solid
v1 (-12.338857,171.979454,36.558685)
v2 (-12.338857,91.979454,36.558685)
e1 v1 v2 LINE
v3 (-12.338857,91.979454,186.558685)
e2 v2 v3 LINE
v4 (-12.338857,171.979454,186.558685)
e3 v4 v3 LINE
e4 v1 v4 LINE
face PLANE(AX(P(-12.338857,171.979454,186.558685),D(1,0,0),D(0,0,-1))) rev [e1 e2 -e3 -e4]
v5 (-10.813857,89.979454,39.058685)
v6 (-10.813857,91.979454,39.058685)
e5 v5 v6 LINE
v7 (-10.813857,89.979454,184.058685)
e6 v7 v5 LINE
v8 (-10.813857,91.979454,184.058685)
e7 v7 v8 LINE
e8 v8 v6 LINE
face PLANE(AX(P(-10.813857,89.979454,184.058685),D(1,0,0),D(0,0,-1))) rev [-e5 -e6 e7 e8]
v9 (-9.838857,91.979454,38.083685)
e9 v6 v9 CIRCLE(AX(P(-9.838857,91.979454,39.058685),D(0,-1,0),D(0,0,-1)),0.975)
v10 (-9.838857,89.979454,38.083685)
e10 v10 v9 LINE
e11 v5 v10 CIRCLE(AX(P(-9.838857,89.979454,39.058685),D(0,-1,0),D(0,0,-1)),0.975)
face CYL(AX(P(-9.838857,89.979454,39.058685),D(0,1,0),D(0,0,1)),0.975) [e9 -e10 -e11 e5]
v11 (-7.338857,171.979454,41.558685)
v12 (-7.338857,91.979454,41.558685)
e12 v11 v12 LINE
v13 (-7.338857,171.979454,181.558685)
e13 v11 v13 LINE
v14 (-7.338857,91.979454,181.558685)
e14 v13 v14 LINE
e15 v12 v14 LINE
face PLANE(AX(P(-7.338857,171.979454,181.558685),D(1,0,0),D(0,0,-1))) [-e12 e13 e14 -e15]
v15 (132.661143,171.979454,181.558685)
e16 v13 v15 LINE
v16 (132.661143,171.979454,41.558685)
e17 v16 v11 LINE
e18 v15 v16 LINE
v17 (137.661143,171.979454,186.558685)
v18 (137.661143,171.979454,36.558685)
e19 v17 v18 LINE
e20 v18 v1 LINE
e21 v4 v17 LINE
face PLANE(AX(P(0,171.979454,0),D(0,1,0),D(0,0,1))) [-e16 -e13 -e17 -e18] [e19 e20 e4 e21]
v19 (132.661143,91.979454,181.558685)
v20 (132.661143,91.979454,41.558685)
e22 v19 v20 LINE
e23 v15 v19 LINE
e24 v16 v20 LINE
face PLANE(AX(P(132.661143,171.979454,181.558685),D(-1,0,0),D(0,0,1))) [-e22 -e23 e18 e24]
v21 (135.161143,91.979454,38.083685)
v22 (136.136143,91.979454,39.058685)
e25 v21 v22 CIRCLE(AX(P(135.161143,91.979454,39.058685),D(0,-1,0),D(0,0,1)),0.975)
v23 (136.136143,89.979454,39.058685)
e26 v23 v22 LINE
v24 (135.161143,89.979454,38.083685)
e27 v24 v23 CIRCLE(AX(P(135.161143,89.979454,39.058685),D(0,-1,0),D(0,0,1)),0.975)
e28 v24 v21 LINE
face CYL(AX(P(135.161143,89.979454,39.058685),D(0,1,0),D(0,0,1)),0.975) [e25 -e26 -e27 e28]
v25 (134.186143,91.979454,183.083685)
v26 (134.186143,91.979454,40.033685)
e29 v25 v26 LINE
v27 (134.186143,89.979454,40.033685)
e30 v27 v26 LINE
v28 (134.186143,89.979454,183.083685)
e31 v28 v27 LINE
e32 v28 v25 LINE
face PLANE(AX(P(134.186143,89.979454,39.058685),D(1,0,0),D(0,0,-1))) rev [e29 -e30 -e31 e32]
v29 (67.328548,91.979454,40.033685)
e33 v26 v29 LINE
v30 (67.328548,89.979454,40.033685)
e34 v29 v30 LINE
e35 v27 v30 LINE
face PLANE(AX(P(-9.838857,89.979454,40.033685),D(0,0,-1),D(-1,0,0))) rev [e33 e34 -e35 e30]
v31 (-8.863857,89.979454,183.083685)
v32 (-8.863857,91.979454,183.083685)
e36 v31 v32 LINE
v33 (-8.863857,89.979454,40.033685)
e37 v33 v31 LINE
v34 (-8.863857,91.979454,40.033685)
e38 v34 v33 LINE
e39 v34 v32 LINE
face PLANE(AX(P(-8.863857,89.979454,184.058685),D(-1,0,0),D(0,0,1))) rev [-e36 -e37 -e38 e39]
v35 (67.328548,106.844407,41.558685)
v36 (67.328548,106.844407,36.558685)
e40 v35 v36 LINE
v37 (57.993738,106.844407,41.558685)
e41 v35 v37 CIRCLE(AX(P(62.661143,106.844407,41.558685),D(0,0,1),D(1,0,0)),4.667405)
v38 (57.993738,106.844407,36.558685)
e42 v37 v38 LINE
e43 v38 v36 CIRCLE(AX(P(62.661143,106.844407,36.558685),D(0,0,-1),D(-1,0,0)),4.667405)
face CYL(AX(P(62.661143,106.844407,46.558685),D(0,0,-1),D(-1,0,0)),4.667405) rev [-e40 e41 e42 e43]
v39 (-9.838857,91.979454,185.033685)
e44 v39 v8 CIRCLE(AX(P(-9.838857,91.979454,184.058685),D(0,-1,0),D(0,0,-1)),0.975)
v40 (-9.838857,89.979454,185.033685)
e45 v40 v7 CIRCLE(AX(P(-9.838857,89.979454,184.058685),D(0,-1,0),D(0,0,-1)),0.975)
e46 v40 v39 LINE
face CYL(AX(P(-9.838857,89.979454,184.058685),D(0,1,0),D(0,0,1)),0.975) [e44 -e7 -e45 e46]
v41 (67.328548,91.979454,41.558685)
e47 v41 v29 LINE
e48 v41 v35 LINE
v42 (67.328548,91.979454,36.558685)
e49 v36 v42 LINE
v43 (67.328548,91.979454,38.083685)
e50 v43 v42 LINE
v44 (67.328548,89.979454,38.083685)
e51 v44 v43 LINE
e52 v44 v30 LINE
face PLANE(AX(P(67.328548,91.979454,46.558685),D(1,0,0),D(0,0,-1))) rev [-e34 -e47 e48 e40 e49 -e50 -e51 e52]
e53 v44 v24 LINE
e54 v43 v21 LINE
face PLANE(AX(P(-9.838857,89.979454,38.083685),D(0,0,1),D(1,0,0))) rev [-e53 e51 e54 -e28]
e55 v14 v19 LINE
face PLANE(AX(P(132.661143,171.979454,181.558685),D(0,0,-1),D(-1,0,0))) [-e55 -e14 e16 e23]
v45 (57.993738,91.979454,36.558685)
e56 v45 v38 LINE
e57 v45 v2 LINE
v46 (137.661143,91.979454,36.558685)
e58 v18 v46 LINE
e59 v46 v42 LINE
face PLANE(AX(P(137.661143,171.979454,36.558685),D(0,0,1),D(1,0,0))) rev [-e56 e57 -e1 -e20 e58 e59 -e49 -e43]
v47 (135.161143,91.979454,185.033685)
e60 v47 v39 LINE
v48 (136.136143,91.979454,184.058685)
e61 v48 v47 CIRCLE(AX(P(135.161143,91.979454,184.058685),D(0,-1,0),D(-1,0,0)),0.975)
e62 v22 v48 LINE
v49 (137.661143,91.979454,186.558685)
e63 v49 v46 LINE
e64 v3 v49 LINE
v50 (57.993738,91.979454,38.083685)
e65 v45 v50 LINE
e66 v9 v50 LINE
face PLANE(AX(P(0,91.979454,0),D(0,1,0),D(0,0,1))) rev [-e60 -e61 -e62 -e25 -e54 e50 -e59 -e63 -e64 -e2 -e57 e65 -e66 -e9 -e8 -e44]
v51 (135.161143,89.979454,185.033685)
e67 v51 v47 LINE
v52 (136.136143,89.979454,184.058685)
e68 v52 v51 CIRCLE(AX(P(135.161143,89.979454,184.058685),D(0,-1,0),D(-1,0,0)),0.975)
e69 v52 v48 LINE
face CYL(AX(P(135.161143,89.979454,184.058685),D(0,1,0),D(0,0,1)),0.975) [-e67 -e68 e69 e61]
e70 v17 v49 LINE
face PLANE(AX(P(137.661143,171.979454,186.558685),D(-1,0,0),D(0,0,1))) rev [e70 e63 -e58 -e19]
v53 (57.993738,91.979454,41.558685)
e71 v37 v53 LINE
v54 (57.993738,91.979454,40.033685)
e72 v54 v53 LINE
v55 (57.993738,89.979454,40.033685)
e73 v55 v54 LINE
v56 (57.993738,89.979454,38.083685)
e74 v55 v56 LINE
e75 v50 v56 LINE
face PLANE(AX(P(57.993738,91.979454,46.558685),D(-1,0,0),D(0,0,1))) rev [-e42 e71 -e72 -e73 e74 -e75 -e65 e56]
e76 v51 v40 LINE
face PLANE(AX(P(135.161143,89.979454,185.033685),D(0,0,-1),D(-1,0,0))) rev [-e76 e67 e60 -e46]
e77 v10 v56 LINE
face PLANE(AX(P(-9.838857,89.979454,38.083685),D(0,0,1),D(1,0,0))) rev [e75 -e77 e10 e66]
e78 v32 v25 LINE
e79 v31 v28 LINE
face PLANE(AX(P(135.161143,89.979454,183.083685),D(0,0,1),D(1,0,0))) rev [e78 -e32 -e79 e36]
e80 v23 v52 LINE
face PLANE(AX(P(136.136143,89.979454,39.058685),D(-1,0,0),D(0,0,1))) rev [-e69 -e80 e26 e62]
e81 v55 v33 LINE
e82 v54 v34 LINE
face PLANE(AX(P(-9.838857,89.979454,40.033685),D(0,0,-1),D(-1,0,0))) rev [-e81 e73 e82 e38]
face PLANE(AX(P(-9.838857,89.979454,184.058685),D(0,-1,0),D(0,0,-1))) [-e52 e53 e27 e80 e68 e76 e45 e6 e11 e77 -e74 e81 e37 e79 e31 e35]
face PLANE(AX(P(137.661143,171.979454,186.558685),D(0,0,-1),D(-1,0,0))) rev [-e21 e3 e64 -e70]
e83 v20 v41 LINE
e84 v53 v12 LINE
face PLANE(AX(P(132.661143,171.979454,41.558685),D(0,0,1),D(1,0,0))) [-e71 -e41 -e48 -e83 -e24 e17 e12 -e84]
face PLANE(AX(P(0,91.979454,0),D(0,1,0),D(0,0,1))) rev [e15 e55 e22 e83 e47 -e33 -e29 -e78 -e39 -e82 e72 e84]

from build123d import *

# Parameters (mm, degrees)
SKETCH1_W           = 150
SKETCH1_H           = 150
SKETCH1_W_2         = 140
SKETCH1_H_2         = 140
BOSS_EXTRUDE1_DEPTH = 80
BOSS_EXTRUDE2_DEPTH = 2
CIRPATTERN1_COUNT   = 4
CUT_EXTRUDE1_DEPTH  = 10


with BuildPart() as part:
    # Sketch1 → Boss-Extrude1 (new body)
    with BuildSketch(Plane(origin=(0, 91.979453816, 0), x_dir=(1, 0, 0), z_dir=(0, 1, 0))):
        with Locations((62.661143414, -111.558685069)):
            Rectangle(SKETCH1_W, SKETCH1_H)
        with Locations((62.661143414, -111.558685069)):
            Rectangle(SKETCH1_W_2, SKETCH1_H_2, mode=Mode.SUBTRACT)
    extrude(amount=BOSS_EXTRUDE1_DEPTH)

    # Sketch5 → Boss-Extrude2 (add)
    with BuildSketch(Plane.XZ.offset(-91.979453816)):
        with BuildLine():
            Line((-8.863856586, 184.058685069), (-8.863856586, 39.058685069))
            ThreePointArc((-8.863856586, 39.058685069), (-9.838856586, 38.083685069), (-10.813856586, 39.058685069))
            Line((-10.813856586, 39.058685069), (-10.813856586, 184.058685069))
            ThreePointArc((-10.813856586, 184.058685069), (-9.838856586, 185.033685069), (-8.863856586, 184.058685069))
        make_face()
    boss_extrude2 = extrude(amount=BOSS_EXTRUDE2_DEPTH)

    # CirPattern1: Boss-Extrude2 ×4 about axis
    cirpattern1_axis = Axis((62.661143414, 0, 111.558685069), (0, 1, 0))
    for i in range(1, CIRPATTERN1_COUNT):
        add(boss_extrude2.rotate(cirpattern1_axis, i * 360 / CIRPATTERN1_COUNT))

    # Sketch6 → Cut-Extrude1 (cut)
    with BuildSketch(Plane(origin=(0, 0, 36.558685069), x_dir=(-1, 0, 0), z_dir=(0, 0, -1))):
        with BuildLine():
            Line((-67.328548343, 91.979453816), (-67.328548343, 106.844407314))
            ThreePointArc((-67.328548343, 106.844407314), (-62.661143414, 111.511812242), (-57.993738486, 106.844407314))
            Line((-57.993738486, 106.844407314), (-57.993738486, 91.979453816))
            Line((-57.993738486, 91.979453816), (-57.993738486, 79.02025395))
            Line((-57.993738486, 79.02025395), (-67.328548343, 79.02025395))
            Line((-67.328548343, 79.02025395), (-67.328548343, 91.979453816))
        make_face()
    extrude(amount=-CUT_EXTRUDE1_DEPTH, mode=Mode.SUBTRACT)


solid = part.part
